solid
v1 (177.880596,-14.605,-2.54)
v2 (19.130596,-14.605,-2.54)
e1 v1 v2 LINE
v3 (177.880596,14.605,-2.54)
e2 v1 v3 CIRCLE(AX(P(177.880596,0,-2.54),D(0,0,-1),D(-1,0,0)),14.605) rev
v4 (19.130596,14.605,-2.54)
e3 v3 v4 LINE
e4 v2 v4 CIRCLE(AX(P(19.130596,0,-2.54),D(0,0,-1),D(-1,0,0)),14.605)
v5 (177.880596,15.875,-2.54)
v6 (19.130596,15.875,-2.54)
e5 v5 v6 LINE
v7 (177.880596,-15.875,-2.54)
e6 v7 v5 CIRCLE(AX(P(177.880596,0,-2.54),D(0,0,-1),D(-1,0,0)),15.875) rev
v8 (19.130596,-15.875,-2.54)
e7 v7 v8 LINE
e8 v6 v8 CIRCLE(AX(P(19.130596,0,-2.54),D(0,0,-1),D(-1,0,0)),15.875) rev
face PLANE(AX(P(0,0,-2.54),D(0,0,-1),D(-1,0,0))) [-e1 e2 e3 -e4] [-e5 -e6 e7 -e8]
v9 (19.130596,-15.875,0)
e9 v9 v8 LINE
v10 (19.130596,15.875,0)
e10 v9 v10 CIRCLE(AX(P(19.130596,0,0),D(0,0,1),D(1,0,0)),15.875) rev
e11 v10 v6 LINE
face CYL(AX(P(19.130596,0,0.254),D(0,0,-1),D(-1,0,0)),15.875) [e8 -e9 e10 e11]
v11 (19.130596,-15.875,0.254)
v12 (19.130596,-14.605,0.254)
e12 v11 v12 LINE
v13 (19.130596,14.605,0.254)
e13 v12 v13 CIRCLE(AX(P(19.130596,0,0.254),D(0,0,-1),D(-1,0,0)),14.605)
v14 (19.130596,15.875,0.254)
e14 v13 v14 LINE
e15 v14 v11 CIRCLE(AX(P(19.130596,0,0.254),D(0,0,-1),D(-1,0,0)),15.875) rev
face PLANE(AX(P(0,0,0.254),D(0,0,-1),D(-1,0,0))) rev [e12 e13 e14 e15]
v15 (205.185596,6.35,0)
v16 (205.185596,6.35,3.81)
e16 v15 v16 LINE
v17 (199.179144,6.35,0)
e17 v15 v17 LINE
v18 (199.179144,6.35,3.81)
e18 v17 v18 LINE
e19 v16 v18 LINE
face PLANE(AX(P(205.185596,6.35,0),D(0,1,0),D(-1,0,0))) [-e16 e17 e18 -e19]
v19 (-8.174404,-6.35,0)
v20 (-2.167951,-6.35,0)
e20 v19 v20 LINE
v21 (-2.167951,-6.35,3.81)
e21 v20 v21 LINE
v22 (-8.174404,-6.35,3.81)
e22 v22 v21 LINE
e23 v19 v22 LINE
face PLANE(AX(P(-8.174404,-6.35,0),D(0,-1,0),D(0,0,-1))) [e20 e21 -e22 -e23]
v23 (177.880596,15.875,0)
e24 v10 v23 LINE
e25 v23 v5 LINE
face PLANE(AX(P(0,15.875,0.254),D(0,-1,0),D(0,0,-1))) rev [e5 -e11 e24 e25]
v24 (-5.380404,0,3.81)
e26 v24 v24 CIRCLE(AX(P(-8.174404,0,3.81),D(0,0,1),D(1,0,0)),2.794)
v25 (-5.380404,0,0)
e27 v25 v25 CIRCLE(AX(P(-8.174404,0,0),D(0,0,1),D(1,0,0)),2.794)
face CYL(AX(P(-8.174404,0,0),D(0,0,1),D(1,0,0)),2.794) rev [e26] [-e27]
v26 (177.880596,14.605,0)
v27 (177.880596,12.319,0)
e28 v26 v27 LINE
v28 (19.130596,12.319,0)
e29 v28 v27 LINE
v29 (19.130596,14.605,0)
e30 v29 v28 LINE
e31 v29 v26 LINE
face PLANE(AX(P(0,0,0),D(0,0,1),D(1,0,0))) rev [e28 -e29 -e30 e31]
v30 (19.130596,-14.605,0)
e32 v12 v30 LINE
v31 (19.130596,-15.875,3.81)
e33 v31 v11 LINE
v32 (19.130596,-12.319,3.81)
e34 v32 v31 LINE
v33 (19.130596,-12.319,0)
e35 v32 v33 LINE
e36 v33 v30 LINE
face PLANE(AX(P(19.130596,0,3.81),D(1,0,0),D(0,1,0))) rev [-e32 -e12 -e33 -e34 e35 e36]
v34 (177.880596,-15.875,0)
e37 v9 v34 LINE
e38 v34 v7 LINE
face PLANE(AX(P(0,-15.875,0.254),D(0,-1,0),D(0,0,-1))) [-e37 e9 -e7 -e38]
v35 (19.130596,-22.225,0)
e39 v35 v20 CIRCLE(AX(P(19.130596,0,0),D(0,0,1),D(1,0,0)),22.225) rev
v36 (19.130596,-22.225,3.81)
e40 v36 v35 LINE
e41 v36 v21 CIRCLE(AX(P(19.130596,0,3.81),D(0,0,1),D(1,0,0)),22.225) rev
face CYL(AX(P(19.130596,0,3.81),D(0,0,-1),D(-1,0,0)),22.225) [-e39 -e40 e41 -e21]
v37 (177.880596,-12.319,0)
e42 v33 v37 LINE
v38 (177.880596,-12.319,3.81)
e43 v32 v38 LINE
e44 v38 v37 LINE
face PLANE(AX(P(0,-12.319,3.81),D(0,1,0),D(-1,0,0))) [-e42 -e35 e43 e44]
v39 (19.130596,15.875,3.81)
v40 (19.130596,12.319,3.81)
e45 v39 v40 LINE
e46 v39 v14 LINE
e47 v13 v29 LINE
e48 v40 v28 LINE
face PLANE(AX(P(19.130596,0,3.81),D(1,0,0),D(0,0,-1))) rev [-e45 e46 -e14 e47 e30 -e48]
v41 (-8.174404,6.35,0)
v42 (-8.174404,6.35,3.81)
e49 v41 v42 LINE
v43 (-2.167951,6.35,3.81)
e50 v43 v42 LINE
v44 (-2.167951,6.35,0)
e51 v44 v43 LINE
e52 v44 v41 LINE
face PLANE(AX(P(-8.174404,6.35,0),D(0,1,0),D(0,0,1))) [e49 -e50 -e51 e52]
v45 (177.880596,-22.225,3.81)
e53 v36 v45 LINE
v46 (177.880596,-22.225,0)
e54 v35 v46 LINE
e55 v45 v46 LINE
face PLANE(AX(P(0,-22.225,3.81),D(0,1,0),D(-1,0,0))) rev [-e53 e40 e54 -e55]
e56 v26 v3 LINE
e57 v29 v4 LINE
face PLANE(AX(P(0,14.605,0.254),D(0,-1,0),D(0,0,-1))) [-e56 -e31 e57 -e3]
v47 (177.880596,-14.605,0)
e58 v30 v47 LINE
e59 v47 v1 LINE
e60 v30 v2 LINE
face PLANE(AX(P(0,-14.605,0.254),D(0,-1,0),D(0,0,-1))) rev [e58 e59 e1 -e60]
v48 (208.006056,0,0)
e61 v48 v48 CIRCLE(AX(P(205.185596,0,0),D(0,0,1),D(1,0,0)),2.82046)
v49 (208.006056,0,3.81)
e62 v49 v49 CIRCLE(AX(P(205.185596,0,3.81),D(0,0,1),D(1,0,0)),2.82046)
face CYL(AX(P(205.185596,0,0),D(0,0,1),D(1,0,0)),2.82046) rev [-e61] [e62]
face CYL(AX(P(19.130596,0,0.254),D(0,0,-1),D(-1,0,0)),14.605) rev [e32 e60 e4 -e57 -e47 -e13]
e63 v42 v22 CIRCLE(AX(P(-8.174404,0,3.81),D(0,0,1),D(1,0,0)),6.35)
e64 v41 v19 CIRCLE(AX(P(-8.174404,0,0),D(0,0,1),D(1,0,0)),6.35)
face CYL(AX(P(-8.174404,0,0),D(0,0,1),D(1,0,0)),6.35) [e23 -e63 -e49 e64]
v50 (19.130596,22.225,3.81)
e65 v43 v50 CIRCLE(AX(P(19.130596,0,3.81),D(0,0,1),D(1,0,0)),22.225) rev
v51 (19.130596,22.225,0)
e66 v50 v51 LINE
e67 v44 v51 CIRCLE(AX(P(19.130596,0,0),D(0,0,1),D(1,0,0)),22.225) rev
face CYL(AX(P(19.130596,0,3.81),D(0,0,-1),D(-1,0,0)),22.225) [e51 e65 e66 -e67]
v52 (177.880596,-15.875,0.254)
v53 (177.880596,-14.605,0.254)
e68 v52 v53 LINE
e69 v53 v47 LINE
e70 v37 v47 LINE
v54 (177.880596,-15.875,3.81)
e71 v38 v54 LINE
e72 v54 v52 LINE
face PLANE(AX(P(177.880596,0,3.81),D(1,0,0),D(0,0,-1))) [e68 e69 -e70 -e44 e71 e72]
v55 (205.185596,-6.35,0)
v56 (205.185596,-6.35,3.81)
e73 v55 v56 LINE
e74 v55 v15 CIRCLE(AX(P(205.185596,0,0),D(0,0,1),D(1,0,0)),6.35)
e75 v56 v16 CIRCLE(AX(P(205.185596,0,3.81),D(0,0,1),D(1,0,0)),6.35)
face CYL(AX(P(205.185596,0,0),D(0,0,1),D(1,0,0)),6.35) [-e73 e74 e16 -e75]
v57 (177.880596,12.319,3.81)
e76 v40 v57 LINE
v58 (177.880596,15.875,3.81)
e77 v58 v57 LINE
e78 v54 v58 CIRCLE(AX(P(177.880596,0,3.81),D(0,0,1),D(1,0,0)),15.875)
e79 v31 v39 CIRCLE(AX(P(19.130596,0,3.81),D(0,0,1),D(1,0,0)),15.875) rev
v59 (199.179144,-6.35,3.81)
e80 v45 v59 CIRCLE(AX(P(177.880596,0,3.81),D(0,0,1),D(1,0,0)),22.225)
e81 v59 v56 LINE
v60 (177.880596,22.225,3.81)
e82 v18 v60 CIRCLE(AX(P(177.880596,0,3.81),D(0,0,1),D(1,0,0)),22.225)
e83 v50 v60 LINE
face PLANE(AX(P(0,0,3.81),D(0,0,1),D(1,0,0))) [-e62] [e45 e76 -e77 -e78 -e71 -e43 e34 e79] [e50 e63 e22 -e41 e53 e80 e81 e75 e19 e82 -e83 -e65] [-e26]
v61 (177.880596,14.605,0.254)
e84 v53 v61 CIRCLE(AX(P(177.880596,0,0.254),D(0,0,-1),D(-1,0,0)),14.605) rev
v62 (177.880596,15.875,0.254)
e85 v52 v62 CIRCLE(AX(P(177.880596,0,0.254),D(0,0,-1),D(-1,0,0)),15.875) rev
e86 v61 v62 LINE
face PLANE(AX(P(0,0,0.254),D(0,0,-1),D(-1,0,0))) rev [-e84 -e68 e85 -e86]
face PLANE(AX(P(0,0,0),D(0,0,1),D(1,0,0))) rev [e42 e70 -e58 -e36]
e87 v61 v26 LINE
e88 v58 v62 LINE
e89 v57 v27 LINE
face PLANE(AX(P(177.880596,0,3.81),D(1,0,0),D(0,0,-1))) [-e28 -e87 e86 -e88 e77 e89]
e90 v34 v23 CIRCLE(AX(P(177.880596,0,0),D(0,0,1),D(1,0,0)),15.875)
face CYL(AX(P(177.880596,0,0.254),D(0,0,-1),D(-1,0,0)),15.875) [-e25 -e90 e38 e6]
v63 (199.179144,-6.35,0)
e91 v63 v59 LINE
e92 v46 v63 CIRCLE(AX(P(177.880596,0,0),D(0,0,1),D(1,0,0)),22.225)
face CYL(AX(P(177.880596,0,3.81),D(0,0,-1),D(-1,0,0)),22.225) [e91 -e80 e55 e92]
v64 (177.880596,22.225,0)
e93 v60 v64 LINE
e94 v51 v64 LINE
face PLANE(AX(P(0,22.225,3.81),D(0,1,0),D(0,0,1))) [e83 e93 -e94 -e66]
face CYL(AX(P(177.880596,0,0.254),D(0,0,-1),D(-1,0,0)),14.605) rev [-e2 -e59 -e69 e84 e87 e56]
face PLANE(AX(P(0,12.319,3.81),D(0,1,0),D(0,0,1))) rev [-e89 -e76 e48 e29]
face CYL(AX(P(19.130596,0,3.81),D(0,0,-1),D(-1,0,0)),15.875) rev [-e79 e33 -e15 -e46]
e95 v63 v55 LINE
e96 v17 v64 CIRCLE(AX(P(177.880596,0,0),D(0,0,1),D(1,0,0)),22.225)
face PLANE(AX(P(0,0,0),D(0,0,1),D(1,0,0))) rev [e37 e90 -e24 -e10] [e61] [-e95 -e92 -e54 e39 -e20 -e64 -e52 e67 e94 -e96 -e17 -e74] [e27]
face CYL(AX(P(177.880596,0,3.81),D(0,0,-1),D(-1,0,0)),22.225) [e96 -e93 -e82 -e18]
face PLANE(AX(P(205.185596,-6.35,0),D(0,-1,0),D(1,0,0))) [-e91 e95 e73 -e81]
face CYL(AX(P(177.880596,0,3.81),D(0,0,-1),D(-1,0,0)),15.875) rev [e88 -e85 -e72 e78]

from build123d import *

# Parameters (mm, degrees)
BOSS_EXTRUDE5_DEPTH       = 3.81
SKETCH2_W                 = 158.75
SKETCH2_H                 = 1.27
BOSS_EXTRUDE14_DEPTH      = 2.54
BOSS_EXTRUDE14_DEPTH_BACK = 0.254
SKETCH3_R                 = 2.794
SKETCH3_R_2               = 2.820459539
BOSS_EXTRUDE15_DEPTH      = 3.81


with BuildPart() as part:
    # Sketch1 → Boss-Extrude5 (new body)
    with BuildSketch(Plane.XY):
        with BuildLine():
            Line((19.130596058, -22.225), (177.880596058, -22.225))
            ThreePointArc((177.880596058, -22.225), (200.105596058, 0), (177.880596058, 22.225))
            Line((177.880596058, 22.225), (19.130596058, 22.225))
            ThreePointArc((19.130596058, 22.225), (-3.094403942, 0), (19.130596058, -22.225))
        make_face()
        with BuildLine():
            Line((19.130596058, -12.319), (19.130596058, -15.875))
            ThreePointArc((19.130596058, -15.875), (3.255596058, 0), (19.130596058, 15.875))
            Line((19.130596058, 15.875), (19.130596058, 12.319))
            Line((19.130596058, 12.319), (177.880596058, 12.319))
            Line((177.880596058, 12.319), (177.880596058, 15.875))
            ThreePointArc((177.880596058, 15.875), (193.755596058, 0), (177.880596058, -15.875))
            Line((177.880596058, -15.875), (177.880596058, -12.319))
            Line((177.880596058, -12.319), (19.130596058, -12.319))
        make_face(mode=Mode.SUBTRACT)
    extrude(amount=BOSS_EXTRUDE5_DEPTH)

    # Sketch2 → Boss-Extrude14 (add, two sides)
    with BuildSketch(Plane(origin=(0, 0, 0), x_dir=(-1, 0, 0), z_dir=(0, 0, -1))) as boss_extrude14_sk:
        with BuildLine():
            ThreePointArc((-177.880596058, -14.605), (-192.485596058, 0), (-177.880596058, 14.605))
            Line((-177.880596058, 14.605), (-177.880596058, 15.875))
            ThreePointArc((-177.880596058, 15.875), (-193.755596058, 0), (-177.880596058, -15.875))
            Line((-177.880596058, -15.875), (-177.880596058, -14.605))
        make_face()
        Polygon((-177.880596058, 15.875), (-177.880596058, 14.605), (-19.130596058, 14.605), (-19.130596058, 14.665246221), (-19.130596058, 15.875), align=None)
        with Locations((-98.505596058, -15.24)):
            Rectangle(SKETCH2_W, SKETCH2_H)
        with BuildLine():
            Line((-19.130596058, 14.665246221), (-19.130596058, 14.605))
            ThreePointArc((-19.130596058, 14.605), (-4.525596058, 0), (-19.130596058, -14.605))
            Line((-19.130596058, -14.605), (-19.130596058, -15.875))
            ThreePointArc((-19.130596058, -15.875), (-3.255596058, 0), (-19.130596058, 15.875))
            Line((-19.130596058, 15.875), (-19.130596058, 14.665246221))
        make_face()
    extrude(amount=BOSS_EXTRUDE14_DEPTH)
    extrude(boss_extrude14_sk.sketch, amount=-BOSS_EXTRUDE14_DEPTH_BACK)

    # Sketch3 → Boss-Extrude15 (add)
    with BuildSketch(Plane.XY.offset(3.81)):
        with BuildLine():
            Line((-8.174403942, 6.35), (-2.167951427, 6.35))
            ThreePointArc((-2.167951427, 6.35), (-3.094403942, 0), (-2.167951427, -6.35))
            Line((-2.167951427, -6.35), (-8.174403942, -6.35))
            ThreePointArc((-8.174403942, -6.35), (-14.524403942, 0), (-8.174403942, 6.35))
        make_face()
        with Locations((-8.174403942, 0)):
            Circle(SKETCH3_R, mode=Mode.SUBTRACT)
        with BuildLine():
            Line((205.185596058, -6.35), (199.179143544, -6.35))
            ThreePointArc((199.179143544, -6.35), (200.105596058, 0), (199.179143544, 6.35))
            Line((199.179143544, 6.35), (205.185596058, 6.35))
            ThreePointArc((205.185596058, 6.35), (211.535596058, 0), (205.185596058, -6.35))
        make_face()
        with Locations((205.185596058, 0)):
            Circle(SKETCH3_R_2, mode=Mode.SUBTRACT)
    extrude(amount=-BOSS_EXTRUDE15_DEPTH)


solid = part.part
